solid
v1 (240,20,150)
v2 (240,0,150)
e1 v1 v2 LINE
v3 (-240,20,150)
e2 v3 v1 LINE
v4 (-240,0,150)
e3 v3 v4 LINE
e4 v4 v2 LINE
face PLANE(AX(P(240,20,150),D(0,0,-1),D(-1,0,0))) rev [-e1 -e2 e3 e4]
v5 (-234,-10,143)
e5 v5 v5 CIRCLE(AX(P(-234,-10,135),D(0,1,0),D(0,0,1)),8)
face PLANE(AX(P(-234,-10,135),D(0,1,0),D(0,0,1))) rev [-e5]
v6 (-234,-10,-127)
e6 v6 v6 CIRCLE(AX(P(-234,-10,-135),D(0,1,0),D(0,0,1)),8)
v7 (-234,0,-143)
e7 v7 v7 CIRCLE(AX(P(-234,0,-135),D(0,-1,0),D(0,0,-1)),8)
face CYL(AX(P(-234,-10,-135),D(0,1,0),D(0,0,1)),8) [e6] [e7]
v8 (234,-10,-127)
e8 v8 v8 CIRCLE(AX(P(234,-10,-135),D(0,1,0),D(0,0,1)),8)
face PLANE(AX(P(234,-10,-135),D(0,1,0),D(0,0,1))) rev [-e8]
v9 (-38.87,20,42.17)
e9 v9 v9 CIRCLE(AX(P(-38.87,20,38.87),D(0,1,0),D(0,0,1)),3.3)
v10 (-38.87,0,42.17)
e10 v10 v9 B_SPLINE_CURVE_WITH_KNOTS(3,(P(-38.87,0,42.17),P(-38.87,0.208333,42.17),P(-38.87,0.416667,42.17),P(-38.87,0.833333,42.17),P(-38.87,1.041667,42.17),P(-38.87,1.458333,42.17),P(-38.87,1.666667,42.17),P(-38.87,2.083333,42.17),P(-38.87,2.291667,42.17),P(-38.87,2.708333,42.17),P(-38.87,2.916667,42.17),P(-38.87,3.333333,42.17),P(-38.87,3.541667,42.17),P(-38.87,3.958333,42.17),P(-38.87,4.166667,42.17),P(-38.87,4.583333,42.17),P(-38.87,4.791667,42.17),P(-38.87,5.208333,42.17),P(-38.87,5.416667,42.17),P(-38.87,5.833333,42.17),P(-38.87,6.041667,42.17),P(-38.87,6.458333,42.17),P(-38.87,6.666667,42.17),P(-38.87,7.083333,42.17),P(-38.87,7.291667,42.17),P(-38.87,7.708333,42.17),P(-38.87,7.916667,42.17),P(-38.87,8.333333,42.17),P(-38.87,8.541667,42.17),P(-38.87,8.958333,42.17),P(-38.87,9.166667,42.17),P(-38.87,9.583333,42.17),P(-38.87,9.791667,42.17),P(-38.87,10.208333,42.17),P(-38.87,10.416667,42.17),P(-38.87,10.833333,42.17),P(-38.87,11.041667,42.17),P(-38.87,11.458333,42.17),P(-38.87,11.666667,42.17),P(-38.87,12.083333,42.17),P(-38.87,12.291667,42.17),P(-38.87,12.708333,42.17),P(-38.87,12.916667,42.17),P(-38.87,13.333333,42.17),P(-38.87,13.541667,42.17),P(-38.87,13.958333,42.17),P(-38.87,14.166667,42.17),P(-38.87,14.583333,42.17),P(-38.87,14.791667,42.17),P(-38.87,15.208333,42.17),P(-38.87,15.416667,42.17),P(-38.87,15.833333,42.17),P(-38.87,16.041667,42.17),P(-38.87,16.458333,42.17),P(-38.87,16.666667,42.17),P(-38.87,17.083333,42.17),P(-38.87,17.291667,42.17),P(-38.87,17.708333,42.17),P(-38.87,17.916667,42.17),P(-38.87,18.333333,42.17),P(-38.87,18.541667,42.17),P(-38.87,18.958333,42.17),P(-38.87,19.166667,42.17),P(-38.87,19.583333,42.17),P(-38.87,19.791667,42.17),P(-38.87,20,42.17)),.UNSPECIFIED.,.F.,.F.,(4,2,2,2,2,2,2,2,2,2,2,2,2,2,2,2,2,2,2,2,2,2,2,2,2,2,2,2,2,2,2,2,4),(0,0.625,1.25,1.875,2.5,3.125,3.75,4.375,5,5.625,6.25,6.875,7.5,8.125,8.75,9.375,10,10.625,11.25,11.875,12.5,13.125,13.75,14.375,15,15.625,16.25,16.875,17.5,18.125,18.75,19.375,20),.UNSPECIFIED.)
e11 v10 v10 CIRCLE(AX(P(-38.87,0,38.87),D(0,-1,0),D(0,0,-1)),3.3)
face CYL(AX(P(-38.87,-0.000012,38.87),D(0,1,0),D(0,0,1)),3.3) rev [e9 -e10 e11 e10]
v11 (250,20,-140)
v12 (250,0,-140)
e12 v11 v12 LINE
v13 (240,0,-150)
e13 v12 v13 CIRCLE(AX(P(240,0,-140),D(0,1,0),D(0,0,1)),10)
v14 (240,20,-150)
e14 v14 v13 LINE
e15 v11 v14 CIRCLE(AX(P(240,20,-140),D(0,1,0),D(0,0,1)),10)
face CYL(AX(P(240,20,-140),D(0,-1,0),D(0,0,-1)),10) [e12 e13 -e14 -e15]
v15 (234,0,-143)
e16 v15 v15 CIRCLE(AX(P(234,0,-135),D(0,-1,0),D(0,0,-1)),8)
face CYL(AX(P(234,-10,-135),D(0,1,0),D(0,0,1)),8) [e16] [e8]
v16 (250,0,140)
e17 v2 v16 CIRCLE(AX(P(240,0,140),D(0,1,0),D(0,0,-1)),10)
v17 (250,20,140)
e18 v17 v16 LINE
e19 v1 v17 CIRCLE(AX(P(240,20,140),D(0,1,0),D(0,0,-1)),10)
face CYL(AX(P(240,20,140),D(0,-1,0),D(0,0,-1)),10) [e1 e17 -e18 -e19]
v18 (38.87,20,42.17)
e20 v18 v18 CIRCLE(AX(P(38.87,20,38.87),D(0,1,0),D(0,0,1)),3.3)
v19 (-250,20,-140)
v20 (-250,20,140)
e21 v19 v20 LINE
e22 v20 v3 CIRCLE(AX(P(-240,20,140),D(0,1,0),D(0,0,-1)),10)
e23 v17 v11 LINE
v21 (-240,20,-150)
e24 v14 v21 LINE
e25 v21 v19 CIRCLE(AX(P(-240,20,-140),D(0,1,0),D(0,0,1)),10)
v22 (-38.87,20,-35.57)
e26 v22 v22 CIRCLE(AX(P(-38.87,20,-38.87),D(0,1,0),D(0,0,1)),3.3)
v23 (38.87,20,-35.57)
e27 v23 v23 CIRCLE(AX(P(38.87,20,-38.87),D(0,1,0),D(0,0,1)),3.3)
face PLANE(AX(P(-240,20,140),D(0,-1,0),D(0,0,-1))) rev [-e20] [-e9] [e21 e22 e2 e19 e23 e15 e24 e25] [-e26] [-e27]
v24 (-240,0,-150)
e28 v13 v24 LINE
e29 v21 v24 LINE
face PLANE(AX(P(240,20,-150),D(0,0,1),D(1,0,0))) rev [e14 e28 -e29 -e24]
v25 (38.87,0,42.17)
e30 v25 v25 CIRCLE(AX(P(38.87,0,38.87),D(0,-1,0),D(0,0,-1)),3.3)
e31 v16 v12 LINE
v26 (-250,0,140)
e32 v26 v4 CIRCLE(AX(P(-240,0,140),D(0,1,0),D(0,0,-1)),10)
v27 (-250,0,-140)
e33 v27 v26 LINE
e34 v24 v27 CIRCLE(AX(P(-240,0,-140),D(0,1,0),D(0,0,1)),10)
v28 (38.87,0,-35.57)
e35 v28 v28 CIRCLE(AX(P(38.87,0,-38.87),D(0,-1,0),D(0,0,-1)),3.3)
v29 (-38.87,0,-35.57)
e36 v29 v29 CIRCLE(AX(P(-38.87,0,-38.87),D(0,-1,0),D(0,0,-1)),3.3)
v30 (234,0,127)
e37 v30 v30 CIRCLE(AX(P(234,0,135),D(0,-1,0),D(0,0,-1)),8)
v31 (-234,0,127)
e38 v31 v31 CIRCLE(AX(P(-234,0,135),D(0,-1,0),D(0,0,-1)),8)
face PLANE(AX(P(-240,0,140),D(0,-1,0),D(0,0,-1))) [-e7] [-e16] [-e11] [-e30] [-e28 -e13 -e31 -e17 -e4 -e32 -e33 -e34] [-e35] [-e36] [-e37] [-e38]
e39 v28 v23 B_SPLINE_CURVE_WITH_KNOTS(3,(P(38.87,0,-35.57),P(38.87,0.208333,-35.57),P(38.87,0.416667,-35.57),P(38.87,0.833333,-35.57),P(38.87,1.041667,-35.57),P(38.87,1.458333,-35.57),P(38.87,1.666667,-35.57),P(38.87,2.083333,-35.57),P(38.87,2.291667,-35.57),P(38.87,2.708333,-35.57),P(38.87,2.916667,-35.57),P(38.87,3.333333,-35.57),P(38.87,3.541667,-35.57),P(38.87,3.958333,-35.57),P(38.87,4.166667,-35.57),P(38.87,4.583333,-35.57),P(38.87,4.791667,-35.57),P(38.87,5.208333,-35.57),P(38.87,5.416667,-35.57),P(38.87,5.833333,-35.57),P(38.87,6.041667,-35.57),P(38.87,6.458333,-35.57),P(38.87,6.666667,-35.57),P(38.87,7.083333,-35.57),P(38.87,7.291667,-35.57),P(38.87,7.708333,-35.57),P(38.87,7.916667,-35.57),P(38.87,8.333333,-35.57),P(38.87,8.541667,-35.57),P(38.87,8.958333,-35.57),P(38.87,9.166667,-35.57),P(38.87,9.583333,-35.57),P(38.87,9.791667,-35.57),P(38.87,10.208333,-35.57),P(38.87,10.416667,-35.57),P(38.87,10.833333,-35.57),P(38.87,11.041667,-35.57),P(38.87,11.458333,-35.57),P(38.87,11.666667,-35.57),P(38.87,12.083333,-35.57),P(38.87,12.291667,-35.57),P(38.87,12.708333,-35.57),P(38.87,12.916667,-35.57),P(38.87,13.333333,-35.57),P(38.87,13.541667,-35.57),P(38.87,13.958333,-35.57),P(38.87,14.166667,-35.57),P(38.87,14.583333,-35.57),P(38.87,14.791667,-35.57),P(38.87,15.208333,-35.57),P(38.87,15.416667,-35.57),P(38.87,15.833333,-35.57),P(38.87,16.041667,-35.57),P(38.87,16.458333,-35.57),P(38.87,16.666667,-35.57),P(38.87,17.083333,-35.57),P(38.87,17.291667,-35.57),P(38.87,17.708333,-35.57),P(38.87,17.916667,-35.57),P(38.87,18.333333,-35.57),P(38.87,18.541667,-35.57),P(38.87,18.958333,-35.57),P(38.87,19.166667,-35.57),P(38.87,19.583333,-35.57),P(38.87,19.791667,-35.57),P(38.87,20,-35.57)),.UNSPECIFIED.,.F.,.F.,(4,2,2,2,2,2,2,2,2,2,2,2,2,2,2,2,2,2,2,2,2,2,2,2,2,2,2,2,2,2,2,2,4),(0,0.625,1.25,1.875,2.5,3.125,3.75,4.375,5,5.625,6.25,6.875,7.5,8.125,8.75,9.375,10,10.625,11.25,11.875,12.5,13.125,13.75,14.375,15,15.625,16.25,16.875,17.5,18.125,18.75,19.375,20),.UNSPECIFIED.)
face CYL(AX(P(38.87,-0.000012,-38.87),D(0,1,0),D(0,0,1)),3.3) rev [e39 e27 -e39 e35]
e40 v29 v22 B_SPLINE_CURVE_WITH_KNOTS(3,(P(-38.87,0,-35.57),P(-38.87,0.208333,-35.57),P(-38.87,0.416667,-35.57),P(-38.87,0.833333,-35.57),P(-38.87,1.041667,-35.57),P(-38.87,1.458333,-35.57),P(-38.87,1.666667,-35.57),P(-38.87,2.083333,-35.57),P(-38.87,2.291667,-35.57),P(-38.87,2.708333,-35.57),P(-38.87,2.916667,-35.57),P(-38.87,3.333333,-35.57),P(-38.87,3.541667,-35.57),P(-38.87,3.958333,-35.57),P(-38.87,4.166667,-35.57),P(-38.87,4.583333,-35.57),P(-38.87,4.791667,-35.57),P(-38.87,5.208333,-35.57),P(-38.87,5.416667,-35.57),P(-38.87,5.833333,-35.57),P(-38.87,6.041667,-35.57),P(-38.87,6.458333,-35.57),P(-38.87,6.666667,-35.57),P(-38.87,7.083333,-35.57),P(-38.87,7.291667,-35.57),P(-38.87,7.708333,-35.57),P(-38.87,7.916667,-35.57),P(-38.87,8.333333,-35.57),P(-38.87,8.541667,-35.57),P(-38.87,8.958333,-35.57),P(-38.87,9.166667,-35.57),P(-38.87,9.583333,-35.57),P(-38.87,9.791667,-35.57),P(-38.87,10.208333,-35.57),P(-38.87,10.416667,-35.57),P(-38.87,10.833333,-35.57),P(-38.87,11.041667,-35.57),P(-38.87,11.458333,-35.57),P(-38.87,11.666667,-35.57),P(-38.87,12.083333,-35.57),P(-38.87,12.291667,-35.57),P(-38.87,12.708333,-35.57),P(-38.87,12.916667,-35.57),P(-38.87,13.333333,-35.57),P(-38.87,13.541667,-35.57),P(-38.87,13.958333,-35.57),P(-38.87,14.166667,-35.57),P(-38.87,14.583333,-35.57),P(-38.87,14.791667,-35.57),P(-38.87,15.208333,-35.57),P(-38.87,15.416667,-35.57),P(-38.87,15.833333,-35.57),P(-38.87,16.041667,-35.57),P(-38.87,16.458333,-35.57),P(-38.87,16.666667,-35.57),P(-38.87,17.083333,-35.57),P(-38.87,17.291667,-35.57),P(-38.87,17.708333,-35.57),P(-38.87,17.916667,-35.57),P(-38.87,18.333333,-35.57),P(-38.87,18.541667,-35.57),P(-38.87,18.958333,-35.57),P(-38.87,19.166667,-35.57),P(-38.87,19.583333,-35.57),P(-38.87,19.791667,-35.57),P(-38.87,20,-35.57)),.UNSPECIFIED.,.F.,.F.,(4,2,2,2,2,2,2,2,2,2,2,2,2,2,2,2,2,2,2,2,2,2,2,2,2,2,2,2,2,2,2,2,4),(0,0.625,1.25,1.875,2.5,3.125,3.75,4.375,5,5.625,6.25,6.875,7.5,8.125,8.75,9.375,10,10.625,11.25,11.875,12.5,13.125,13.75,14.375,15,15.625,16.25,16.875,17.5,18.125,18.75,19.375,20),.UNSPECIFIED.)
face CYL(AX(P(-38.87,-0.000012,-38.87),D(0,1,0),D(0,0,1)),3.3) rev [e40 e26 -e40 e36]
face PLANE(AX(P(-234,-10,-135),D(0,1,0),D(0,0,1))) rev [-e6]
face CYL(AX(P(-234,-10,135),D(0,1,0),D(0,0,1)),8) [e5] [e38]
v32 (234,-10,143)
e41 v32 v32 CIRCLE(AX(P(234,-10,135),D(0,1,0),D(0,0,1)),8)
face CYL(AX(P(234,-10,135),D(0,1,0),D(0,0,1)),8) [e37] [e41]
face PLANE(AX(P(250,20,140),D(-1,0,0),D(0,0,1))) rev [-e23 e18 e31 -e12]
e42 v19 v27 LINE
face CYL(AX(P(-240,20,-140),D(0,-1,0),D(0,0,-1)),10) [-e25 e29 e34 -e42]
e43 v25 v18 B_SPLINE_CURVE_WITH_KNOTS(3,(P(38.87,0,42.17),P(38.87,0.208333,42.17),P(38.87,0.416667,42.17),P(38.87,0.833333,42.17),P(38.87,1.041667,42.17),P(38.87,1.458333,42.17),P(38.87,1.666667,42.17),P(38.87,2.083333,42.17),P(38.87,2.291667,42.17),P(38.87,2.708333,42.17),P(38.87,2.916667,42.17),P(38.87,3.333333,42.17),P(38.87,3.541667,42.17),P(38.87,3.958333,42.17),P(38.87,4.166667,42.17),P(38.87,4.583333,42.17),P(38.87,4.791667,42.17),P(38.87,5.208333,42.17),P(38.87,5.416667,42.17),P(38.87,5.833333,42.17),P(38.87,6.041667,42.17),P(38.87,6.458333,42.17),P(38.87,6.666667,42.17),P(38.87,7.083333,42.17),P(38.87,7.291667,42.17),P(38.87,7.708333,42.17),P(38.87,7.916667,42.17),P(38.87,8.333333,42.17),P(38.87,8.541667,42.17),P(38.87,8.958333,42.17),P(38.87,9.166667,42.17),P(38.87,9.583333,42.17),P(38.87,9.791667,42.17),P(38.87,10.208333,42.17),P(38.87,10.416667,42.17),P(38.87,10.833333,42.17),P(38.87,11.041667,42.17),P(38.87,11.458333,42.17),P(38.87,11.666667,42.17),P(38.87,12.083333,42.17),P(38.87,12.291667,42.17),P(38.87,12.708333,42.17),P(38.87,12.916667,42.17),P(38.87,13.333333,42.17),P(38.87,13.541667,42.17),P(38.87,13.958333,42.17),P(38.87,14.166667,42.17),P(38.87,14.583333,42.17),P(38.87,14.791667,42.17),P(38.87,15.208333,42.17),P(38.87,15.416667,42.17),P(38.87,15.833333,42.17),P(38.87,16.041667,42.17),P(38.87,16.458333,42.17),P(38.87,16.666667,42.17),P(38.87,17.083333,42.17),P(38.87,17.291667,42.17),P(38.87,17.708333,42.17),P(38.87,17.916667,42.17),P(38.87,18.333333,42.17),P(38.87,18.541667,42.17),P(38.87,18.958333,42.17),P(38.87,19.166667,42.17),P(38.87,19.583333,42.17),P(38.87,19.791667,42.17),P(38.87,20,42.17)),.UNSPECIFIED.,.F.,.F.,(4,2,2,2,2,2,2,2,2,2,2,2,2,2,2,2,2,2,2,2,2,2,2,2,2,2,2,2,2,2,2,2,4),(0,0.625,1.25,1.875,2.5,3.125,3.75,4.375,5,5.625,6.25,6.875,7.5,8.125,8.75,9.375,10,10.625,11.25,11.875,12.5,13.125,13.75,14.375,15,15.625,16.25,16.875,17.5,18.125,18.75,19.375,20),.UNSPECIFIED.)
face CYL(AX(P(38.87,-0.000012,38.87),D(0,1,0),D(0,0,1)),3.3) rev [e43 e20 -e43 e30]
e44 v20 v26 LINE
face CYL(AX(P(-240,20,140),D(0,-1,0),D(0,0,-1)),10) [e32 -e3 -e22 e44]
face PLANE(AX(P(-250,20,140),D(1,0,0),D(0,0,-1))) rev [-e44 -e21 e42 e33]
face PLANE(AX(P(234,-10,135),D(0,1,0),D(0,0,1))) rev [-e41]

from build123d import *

# Parameters (mm, degrees)
BOSS_EXTRUDE1_DEPTH     = 20
CUT_EXTRUDE2_DEPTH      = 20
CUT_EXTRUDE2_DEPTH_BACK = 293.232783924
SKETCH2_R               = 3.3
SKETCH3_R               = 8
BOSS_EXTRUDE2_DEPTH     = 10


with BuildPart() as part:
    # Sketch1 → Boss-Extrude1 (new body)
    with BuildSketch(Plane(origin=(0, 0, 0), x_dir=(1, 0, 0), z_dir=(0, 1, 0))):
        with BuildLine():
            Line((240, -150), (-240, -150))
            ThreePointArc((-240, -150), (-247.071067812, -147.071067812), (-250, -140))
            Line((-250, -140), (-250, 140))
            ThreePointArc((-250, 140), (-247.071067812, 147.071067812), (-240, 150))
            Line((-240, 150), (240, 150))
            ThreePointArc((240, 150), (247.071067812, 147.071067812), (250, 140))
            Line((250, 140), (250, -140))
            ThreePointArc((250, -140), (247.071067812, -147.071067812), (240, -150))
        make_face()
    extrude(amount=BOSS_EXTRUDE1_DEPTH)

    # Sketch2 → Cut-Extrude2 (cut, two sides: drawn at the far end of the back side and taken through both)
    with BuildSketch(Plane(origin=(0, 0, 0), x_dir=(1, 0, 0), z_dir=(0, 1, 0)).offset(-CUT_EXTRUDE2_DEPTH_BACK)):
        with Locations(Location((-38.87, -38.87, 0), (0, 0, 270))):
            Circle(SKETCH2_R)
        with Locations(Location((38.87, -38.87, 0), (0, 0, 270))):
            Circle(SKETCH2_R)
        with Locations(Location((38.87, 38.87, 0), (0, 0, 270))):
            Circle(SKETCH2_R)
        with Locations(Location((-38.87, 38.87, 0), (0, 0, 270))):
            Circle(SKETCH2_R)
    extrude(amount=CUT_EXTRUDE2_DEPTH + CUT_EXTRUDE2_DEPTH_BACK, mode=Mode.SUBTRACT)

    # Sketch3 → Boss-Extrude2 (add)
    with BuildSketch(Plane(origin=(0, 0, 0), x_dir=(1, 0, 0), z_dir=(0, 1, 0))):
        with Locations(Location((-234, 135, 0), (0, 0, 270))):
            Circle(SKETCH3_R)
        with Locations(Location((234, 135, 0), (0, 0, 270))):
            Circle(SKETCH3_R)
        with Locations(Location((234, -135, 0), (0, 0, 270))):
            Circle(SKETCH3_R)
        with Locations(Location((-234, -135, 0), (0, 0, 270))):
            Circle(SKETCH3_R)
    extrude(amount=-BOSS_EXTRUDE2_DEPTH)


solid = part.part
